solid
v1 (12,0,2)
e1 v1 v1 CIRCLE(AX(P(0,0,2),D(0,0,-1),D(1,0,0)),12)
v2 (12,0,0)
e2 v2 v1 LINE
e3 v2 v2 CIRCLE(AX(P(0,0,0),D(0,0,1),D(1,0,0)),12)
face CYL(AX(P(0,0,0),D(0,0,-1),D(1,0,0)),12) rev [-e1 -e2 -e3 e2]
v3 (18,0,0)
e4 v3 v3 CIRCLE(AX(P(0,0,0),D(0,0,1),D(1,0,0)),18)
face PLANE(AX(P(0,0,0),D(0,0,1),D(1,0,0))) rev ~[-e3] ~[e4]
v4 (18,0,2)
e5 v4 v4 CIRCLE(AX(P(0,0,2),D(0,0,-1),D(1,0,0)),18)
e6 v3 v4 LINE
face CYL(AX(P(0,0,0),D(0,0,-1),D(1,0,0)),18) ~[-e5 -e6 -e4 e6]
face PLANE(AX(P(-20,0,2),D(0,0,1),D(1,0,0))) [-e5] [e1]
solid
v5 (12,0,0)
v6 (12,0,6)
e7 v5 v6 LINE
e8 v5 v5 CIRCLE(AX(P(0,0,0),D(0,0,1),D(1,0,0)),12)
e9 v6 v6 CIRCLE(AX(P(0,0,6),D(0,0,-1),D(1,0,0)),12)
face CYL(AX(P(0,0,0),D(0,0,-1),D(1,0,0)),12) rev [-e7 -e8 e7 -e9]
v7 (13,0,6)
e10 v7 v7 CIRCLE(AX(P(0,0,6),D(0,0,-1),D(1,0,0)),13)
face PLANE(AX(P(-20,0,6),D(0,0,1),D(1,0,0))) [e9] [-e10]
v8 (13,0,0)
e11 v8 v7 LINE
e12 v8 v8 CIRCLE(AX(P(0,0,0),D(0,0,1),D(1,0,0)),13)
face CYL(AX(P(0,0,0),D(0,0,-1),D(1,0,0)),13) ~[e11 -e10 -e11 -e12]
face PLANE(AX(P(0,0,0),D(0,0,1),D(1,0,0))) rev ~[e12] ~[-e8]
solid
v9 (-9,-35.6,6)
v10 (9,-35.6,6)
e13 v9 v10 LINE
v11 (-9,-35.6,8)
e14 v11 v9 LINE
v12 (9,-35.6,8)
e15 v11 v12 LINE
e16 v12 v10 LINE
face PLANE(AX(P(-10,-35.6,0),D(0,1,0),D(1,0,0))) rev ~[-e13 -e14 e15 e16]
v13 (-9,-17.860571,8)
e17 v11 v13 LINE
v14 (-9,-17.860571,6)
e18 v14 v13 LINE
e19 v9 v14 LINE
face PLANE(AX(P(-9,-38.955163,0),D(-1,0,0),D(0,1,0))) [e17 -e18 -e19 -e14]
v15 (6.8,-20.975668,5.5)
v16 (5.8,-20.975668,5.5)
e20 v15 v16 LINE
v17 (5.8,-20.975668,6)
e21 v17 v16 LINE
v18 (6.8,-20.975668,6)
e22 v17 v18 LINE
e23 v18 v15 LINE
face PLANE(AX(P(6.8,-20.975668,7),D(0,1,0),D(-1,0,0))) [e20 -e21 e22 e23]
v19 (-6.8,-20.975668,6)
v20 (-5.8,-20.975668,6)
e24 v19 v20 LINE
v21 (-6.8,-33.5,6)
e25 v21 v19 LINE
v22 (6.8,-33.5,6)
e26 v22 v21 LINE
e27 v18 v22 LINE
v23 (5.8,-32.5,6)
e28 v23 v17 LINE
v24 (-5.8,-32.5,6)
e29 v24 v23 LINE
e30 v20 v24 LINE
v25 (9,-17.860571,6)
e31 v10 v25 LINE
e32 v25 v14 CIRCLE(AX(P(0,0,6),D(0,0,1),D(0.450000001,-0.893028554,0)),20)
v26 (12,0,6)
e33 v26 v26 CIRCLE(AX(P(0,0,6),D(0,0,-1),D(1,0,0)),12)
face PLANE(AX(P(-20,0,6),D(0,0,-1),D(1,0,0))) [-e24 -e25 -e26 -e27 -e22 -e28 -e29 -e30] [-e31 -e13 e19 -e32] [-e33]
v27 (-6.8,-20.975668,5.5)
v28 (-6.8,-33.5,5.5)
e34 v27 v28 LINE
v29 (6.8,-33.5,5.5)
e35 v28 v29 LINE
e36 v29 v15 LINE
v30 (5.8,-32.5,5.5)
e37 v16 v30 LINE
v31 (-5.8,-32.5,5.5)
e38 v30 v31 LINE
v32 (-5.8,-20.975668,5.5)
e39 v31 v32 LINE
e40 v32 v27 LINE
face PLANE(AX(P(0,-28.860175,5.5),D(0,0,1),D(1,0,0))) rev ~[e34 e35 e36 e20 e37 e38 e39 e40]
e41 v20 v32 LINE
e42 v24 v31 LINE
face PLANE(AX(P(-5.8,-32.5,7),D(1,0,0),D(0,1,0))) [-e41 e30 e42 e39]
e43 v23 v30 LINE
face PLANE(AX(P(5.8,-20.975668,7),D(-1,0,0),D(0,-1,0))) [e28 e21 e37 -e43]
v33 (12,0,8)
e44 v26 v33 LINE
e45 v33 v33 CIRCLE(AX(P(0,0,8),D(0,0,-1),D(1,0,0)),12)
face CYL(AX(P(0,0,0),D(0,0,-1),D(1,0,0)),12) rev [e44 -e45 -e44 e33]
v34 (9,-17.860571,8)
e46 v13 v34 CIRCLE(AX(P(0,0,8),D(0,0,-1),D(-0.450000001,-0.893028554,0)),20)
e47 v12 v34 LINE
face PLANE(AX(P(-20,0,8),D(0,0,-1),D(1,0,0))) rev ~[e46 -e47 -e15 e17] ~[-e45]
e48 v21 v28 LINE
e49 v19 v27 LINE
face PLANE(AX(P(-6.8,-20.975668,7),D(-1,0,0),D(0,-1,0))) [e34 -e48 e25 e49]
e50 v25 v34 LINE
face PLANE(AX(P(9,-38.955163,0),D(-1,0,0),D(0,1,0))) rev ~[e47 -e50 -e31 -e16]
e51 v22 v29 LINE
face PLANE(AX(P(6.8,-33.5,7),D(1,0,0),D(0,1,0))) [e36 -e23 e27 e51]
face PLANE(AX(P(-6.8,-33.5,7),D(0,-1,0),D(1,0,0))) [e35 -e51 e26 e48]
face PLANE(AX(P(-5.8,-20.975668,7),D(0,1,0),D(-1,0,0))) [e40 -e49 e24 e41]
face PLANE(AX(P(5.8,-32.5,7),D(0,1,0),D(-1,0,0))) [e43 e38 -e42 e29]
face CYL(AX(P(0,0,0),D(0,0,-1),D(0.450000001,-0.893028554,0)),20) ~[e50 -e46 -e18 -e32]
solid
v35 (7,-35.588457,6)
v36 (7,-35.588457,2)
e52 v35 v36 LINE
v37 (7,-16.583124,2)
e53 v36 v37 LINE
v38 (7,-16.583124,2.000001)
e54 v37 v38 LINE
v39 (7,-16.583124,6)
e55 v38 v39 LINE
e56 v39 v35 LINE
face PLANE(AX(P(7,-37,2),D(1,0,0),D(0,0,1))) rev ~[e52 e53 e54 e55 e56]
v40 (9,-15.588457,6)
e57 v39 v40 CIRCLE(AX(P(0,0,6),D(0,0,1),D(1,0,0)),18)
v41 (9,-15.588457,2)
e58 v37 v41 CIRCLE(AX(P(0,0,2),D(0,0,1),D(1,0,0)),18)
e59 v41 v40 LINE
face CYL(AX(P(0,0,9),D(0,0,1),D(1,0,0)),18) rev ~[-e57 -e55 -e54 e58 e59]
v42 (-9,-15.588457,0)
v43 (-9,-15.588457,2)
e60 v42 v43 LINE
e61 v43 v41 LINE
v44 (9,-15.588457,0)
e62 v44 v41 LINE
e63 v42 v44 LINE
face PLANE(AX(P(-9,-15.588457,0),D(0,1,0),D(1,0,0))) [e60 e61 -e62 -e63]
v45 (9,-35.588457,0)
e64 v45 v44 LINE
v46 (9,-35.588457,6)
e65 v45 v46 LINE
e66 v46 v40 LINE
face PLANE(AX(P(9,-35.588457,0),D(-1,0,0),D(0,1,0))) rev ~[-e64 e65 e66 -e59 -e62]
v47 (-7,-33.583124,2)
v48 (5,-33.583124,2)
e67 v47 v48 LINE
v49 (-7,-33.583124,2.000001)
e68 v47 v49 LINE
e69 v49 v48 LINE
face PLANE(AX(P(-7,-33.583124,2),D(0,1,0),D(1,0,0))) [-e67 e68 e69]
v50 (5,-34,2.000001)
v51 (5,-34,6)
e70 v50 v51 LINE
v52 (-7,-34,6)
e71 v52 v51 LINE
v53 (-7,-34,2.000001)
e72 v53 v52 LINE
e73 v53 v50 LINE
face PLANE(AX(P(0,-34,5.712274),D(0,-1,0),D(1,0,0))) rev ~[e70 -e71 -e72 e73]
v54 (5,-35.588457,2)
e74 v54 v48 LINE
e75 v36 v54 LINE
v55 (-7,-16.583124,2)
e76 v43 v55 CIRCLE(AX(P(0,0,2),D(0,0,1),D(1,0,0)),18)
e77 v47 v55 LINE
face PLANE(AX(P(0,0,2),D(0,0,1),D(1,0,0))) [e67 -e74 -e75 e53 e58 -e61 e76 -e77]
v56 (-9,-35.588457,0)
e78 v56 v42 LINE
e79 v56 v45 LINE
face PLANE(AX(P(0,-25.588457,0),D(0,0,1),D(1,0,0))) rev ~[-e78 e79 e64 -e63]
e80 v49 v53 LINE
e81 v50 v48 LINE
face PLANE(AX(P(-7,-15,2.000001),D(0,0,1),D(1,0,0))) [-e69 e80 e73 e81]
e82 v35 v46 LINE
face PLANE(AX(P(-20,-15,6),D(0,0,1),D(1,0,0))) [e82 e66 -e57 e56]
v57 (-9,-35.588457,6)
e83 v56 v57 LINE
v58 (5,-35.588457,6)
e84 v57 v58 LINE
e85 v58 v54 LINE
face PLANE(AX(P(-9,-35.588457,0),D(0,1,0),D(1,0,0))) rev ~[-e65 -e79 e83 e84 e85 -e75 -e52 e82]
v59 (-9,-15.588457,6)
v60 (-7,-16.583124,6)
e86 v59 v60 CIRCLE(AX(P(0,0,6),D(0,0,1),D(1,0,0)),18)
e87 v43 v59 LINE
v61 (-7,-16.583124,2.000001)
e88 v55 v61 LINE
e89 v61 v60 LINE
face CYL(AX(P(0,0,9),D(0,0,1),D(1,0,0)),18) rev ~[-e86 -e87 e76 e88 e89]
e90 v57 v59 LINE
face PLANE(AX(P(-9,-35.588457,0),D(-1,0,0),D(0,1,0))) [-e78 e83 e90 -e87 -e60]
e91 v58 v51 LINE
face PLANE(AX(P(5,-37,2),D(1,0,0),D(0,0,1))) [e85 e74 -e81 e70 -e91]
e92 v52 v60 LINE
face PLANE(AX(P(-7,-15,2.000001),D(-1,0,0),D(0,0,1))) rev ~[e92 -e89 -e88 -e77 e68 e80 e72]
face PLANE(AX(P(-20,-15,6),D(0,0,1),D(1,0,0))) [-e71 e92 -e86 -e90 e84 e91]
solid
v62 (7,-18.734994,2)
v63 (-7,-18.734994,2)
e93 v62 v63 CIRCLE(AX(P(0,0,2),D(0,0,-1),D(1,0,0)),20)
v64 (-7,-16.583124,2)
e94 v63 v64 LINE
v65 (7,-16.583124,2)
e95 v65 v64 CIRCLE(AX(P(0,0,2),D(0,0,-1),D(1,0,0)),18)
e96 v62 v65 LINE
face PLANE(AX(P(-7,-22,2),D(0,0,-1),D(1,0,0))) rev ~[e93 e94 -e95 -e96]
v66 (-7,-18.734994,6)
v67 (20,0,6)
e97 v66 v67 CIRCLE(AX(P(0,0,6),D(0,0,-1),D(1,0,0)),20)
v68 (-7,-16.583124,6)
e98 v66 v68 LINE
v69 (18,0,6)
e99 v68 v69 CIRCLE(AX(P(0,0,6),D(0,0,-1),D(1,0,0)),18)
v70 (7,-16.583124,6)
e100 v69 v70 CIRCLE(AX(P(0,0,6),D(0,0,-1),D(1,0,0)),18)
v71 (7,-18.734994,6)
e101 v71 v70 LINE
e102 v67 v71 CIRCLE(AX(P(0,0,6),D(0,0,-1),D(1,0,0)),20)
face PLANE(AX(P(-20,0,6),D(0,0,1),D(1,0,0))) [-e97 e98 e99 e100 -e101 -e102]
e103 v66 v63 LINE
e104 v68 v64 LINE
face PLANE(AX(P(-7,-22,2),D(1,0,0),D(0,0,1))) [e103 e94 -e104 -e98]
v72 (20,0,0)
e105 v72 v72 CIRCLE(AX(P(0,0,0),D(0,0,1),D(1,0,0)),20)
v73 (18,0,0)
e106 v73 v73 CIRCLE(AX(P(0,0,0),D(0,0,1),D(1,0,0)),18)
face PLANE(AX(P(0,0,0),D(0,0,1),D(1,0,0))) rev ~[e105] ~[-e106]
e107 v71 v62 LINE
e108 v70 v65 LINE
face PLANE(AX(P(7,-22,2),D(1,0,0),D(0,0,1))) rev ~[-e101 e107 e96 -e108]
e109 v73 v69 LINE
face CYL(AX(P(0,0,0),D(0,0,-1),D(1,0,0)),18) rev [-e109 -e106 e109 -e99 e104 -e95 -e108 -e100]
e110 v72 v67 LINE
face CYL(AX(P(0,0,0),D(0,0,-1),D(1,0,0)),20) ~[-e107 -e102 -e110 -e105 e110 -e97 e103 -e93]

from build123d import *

# Parameters (mm, degrees)
SKETCH_R             = 20
PAD_DEPTH            = 30
SKETCH001_R          = 18
POCKET_DEPTH         = 40
SKETCH002_W          = 40
SKETCH002_H          = 26
POCKET001_DEPTH      = 20.001
POCKET001_DEPTH_BACK = 20.001
SKETCH014_W          = 14
SKETCH014_H          = 7.569522
POCKET010_DEPTH      = 6
SKETCH005_R          = 13
PAD002_DEPTH         = 30
SKETCH006_W          = 40
SKETCH006_H          = 26
POCKET003_DEPTH      = 13.001
POCKET003_DEPTH_BACK = 13.001
SKETCH007_R          = 12
POCKET004_DEPTH      = 6.001
SKETCH003_R          = 18
PAD001_DEPTH         = 30
SKETCH004_W          = 40
SKETCH004_H          = 30
POCKET002_DEPTH      = 18.001
POCKET002_DEPTH_BACK = 18.001
SKETCH008_R          = 12
POCKET005_DEPTH      = 2.001
SKETCH009_W          = 18
SKETCH009_H          = 20
PAD003_DEPTH         = 9
SKETCH010_W          = 14
SKETCH010_H          = 17
POCKET006_DEPTH      = 7
SKETCH011_W          = 40
SKETCH011_H          = 26
POCKET007_DEPTH      = 21
SKETCH012_W          = 14
SKETCH012_H          = 7.424547
POCKET008_DEPTH      = 19
SKETCH013_R          = 18
POCKET009_DEPTH      = 7
SKETCH021_W          = 2
SKETCH021_H          = 8
POCKET015_DEPTH      = 5
SKETCH015_W          = 40
SKETCH015_H          = 26
PAD004_DEPTH         = 36
SKETCH016_W          = 40
SKETCH016_H          = 26
POCKET011_DEPTH      = 36
SKETCH017_R          = 12
POCKET012_DEPTH      = 8.001
POCKET013_DEPTH      = 25
SKETCH019_W          = 20
SKETCH019_H          = 5
POCKET014_DEPTH      = 15
PAD005_DEPTH         = 1.5


with BuildPart() as base_cylinder_external:
    # Sketch → Pad (new body)
    with BuildSketch(Plane.XY):
        Circle(SKETCH_R)
    extrude(amount=PAD_DEPTH)

    # Sketch001 → Pocket (cut)
    with BuildSketch(Plane.XY):
        Circle(SKETCH001_R)
    extrude(amount=POCKET_DEPTH, mode=Mode.SUBTRACT)

    # Sketch002 → Pocket001 (cut, two sides)
    with BuildSketch(Plane.XZ) as pocket001_sk:
        with Locations((0, 19)):
            Rectangle(SKETCH002_W, SKETCH002_H)
    extrude(amount=-POCKET001_DEPTH, mode=Mode.SUBTRACT)
    extrude(pocket001_sk.sketch, amount=POCKET001_DEPTH_BACK, mode=Mode.SUBTRACT)

    # Sketch014 → Pocket010 (cut)
    with BuildSketch(Plane.XZ.offset(22)):
        with Locations((0, 5.784761)):
            Rectangle(SKETCH014_W, SKETCH014_H)
    extrude(amount=-POCKET010_DEPTH, mode=Mode.SUBTRACT)


with BuildPart() as base_cylinder_internal:
    # Sketch005 → Pad002 (new body)
    with BuildSketch(Plane.XY):
        Circle(SKETCH005_R)
    extrude(amount=PAD002_DEPTH)

    # Sketch006 → Pocket003 (cut, two sides)
    with BuildSketch(Plane.XZ) as pocket003_sk:
        with Locations((0, 19)):
            Rectangle(SKETCH006_W, SKETCH006_H)
    extrude(amount=-POCKET003_DEPTH, mode=Mode.SUBTRACT)
    extrude(pocket003_sk.sketch, amount=POCKET003_DEPTH_BACK, mode=Mode.SUBTRACT)

    # Sketch007 → Pocket004 (cut, through all)
    with BuildSketch(Plane.XY):
        Circle(SKETCH007_R)
    extrude(amount=POCKET004_DEPTH, mode=Mode.SUBTRACT)


with BuildPart() as base_cylinder_intermediate:
    # Sketch003 → Pad001 (new body)
    with BuildSketch(Plane.XY):
        Circle(SKETCH003_R)
    extrude(amount=PAD001_DEPTH)

    # Sketch004 → Pocket002 (cut, two sides)
    with BuildSketch(Plane.XZ) as pocket002_sk:
        with Locations((0, 17)):
            Rectangle(SKETCH004_W, SKETCH004_H)
    extrude(amount=-POCKET002_DEPTH, mode=Mode.SUBTRACT)
    extrude(pocket002_sk.sketch, amount=POCKET002_DEPTH_BACK, mode=Mode.SUBTRACT)

    # Sketch008 → Pocket005 (cut, through all)
    with BuildSketch(Plane.XY):
        Circle(SKETCH008_R)
    extrude(amount=POCKET005_DEPTH, mode=Mode.SUBTRACT)


with BuildPart() as base_box:
    # Sketch009 → Pad003 (new body)
    with BuildSketch(Plane.XY):
        with Locations((0, -25.588457)):
            Rectangle(SKETCH009_W, SKETCH009_H)
    extrude(amount=PAD003_DEPTH)

    # Sketch010 → Pocket006 (cut)
    with BuildSketch(Plane.XY.offset(2)):
        with Locations((0, -25.083124)):
            Rectangle(SKETCH010_W, SKETCH010_H)
    extrude(amount=POCKET006_DEPTH, mode=Mode.SUBTRACT)

    # Sketch011 → Pocket007 (cut)
    with BuildSketch(Plane.XZ.offset(15)):
        with Locations((0, 19)):
            Rectangle(SKETCH011_W, SKETCH011_H)
    extrude(amount=POCKET007_DEPTH, mode=Mode.SUBTRACT)

    # Sketch012 → Pocket008 (cut)
    with BuildSketch(Plane.XZ.offset(15)):
        with Locations((0, 5.712274)):
            Rectangle(SKETCH012_W, SKETCH012_H)
    extrude(amount=POCKET008_DEPTH, mode=Mode.SUBTRACT)

    # Sketch013 → Pocket009 (cut)
    with BuildSketch(Plane.XY.offset(9)):
        Circle(SKETCH013_R)
    extrude(amount=-POCKET009_DEPTH, mode=Mode.SUBTRACT)

    # Sketch021 → Pocket015 (cut)
    with BuildSketch(Plane.XZ.offset(37)):
        with Locations((6, 6)):
            Rectangle(SKETCH021_W, SKETCH021_H)
    extrude(amount=-POCKET015_DEPTH, mode=Mode.SUBTRACT)


with BuildPart() as top:
    # Sketch015 → Pad004 (new body, symmetric)
    with BuildSketch(Plane.XZ):
        with Locations((0, 19)):
            Rectangle(SKETCH015_W, SKETCH015_H)
    extrude(amount=PAD004_DEPTH, both=True)

    # Sketch016 → Pocket011 (cut, symmetric)
    with BuildSketch(Plane.XZ):
        with Locations((0, 21)):
            Rectangle(SKETCH016_W, SKETCH016_H)
    extrude(amount=POCKET011_DEPTH, both=True, mode=Mode.SUBTRACT)

    # Sketch017 → Pocket012 (cut, through all)
    with BuildSketch(Plane.XY):
        Circle(SKETCH017_R)
    extrude(amount=POCKET012_DEPTH, mode=Mode.SUBTRACT)

    # Sketch018 → Pocket013 (cut)
    with BuildSketch(Plane.XY):
        with BuildLine():
            Line((9, -38.955163), (9, -17.860571))
            ThreePointArc((9, -17.860571), (0, 20), (-9, -17.860571))
            Line((-9, -38.955163), (-9, -17.860571))
            Line((-9, -38.955163), (-27, -38.955163))
            Line((-27, -38.955163), (-27, 41.044837))
            Line((-27, 41.044837), (27, 41.044837))
            Line((27, 41.044837), (27, -38.955163))
            Line((27, -38.955163), (9, -38.955163))
        make_face()
    extrude(amount=POCKET013_DEPTH, mode=Mode.SUBTRACT)

    # Sketch019 → Pocket014 (cut)
    with BuildSketch(Plane.XY):
        with Locations((0, -38.1)):
            Rectangle(SKETCH019_W, SKETCH019_H)
    extrude(amount=POCKET014_DEPTH, mode=Mode.SUBTRACT)

    # Sketch020 → Pad005 (join)
    with BuildSketch(Plane.XY.offset(7)):
        Polygon((-6.8, -20.975668), (-6.8, -33.5), (6.8, -33.5), (6.8, -20.975668), (5.8, -20.975668), (5.8, -32.5), (-5.8, -32.5), (-5.8, -20.975668), align=None)
    extrude(amount=-PAD005_DEPTH)


solid = Compound([base_cylinder_external.part, base_cylinder_internal.part, base_cylinder_intermediate.part, base_box.part, top.part])
